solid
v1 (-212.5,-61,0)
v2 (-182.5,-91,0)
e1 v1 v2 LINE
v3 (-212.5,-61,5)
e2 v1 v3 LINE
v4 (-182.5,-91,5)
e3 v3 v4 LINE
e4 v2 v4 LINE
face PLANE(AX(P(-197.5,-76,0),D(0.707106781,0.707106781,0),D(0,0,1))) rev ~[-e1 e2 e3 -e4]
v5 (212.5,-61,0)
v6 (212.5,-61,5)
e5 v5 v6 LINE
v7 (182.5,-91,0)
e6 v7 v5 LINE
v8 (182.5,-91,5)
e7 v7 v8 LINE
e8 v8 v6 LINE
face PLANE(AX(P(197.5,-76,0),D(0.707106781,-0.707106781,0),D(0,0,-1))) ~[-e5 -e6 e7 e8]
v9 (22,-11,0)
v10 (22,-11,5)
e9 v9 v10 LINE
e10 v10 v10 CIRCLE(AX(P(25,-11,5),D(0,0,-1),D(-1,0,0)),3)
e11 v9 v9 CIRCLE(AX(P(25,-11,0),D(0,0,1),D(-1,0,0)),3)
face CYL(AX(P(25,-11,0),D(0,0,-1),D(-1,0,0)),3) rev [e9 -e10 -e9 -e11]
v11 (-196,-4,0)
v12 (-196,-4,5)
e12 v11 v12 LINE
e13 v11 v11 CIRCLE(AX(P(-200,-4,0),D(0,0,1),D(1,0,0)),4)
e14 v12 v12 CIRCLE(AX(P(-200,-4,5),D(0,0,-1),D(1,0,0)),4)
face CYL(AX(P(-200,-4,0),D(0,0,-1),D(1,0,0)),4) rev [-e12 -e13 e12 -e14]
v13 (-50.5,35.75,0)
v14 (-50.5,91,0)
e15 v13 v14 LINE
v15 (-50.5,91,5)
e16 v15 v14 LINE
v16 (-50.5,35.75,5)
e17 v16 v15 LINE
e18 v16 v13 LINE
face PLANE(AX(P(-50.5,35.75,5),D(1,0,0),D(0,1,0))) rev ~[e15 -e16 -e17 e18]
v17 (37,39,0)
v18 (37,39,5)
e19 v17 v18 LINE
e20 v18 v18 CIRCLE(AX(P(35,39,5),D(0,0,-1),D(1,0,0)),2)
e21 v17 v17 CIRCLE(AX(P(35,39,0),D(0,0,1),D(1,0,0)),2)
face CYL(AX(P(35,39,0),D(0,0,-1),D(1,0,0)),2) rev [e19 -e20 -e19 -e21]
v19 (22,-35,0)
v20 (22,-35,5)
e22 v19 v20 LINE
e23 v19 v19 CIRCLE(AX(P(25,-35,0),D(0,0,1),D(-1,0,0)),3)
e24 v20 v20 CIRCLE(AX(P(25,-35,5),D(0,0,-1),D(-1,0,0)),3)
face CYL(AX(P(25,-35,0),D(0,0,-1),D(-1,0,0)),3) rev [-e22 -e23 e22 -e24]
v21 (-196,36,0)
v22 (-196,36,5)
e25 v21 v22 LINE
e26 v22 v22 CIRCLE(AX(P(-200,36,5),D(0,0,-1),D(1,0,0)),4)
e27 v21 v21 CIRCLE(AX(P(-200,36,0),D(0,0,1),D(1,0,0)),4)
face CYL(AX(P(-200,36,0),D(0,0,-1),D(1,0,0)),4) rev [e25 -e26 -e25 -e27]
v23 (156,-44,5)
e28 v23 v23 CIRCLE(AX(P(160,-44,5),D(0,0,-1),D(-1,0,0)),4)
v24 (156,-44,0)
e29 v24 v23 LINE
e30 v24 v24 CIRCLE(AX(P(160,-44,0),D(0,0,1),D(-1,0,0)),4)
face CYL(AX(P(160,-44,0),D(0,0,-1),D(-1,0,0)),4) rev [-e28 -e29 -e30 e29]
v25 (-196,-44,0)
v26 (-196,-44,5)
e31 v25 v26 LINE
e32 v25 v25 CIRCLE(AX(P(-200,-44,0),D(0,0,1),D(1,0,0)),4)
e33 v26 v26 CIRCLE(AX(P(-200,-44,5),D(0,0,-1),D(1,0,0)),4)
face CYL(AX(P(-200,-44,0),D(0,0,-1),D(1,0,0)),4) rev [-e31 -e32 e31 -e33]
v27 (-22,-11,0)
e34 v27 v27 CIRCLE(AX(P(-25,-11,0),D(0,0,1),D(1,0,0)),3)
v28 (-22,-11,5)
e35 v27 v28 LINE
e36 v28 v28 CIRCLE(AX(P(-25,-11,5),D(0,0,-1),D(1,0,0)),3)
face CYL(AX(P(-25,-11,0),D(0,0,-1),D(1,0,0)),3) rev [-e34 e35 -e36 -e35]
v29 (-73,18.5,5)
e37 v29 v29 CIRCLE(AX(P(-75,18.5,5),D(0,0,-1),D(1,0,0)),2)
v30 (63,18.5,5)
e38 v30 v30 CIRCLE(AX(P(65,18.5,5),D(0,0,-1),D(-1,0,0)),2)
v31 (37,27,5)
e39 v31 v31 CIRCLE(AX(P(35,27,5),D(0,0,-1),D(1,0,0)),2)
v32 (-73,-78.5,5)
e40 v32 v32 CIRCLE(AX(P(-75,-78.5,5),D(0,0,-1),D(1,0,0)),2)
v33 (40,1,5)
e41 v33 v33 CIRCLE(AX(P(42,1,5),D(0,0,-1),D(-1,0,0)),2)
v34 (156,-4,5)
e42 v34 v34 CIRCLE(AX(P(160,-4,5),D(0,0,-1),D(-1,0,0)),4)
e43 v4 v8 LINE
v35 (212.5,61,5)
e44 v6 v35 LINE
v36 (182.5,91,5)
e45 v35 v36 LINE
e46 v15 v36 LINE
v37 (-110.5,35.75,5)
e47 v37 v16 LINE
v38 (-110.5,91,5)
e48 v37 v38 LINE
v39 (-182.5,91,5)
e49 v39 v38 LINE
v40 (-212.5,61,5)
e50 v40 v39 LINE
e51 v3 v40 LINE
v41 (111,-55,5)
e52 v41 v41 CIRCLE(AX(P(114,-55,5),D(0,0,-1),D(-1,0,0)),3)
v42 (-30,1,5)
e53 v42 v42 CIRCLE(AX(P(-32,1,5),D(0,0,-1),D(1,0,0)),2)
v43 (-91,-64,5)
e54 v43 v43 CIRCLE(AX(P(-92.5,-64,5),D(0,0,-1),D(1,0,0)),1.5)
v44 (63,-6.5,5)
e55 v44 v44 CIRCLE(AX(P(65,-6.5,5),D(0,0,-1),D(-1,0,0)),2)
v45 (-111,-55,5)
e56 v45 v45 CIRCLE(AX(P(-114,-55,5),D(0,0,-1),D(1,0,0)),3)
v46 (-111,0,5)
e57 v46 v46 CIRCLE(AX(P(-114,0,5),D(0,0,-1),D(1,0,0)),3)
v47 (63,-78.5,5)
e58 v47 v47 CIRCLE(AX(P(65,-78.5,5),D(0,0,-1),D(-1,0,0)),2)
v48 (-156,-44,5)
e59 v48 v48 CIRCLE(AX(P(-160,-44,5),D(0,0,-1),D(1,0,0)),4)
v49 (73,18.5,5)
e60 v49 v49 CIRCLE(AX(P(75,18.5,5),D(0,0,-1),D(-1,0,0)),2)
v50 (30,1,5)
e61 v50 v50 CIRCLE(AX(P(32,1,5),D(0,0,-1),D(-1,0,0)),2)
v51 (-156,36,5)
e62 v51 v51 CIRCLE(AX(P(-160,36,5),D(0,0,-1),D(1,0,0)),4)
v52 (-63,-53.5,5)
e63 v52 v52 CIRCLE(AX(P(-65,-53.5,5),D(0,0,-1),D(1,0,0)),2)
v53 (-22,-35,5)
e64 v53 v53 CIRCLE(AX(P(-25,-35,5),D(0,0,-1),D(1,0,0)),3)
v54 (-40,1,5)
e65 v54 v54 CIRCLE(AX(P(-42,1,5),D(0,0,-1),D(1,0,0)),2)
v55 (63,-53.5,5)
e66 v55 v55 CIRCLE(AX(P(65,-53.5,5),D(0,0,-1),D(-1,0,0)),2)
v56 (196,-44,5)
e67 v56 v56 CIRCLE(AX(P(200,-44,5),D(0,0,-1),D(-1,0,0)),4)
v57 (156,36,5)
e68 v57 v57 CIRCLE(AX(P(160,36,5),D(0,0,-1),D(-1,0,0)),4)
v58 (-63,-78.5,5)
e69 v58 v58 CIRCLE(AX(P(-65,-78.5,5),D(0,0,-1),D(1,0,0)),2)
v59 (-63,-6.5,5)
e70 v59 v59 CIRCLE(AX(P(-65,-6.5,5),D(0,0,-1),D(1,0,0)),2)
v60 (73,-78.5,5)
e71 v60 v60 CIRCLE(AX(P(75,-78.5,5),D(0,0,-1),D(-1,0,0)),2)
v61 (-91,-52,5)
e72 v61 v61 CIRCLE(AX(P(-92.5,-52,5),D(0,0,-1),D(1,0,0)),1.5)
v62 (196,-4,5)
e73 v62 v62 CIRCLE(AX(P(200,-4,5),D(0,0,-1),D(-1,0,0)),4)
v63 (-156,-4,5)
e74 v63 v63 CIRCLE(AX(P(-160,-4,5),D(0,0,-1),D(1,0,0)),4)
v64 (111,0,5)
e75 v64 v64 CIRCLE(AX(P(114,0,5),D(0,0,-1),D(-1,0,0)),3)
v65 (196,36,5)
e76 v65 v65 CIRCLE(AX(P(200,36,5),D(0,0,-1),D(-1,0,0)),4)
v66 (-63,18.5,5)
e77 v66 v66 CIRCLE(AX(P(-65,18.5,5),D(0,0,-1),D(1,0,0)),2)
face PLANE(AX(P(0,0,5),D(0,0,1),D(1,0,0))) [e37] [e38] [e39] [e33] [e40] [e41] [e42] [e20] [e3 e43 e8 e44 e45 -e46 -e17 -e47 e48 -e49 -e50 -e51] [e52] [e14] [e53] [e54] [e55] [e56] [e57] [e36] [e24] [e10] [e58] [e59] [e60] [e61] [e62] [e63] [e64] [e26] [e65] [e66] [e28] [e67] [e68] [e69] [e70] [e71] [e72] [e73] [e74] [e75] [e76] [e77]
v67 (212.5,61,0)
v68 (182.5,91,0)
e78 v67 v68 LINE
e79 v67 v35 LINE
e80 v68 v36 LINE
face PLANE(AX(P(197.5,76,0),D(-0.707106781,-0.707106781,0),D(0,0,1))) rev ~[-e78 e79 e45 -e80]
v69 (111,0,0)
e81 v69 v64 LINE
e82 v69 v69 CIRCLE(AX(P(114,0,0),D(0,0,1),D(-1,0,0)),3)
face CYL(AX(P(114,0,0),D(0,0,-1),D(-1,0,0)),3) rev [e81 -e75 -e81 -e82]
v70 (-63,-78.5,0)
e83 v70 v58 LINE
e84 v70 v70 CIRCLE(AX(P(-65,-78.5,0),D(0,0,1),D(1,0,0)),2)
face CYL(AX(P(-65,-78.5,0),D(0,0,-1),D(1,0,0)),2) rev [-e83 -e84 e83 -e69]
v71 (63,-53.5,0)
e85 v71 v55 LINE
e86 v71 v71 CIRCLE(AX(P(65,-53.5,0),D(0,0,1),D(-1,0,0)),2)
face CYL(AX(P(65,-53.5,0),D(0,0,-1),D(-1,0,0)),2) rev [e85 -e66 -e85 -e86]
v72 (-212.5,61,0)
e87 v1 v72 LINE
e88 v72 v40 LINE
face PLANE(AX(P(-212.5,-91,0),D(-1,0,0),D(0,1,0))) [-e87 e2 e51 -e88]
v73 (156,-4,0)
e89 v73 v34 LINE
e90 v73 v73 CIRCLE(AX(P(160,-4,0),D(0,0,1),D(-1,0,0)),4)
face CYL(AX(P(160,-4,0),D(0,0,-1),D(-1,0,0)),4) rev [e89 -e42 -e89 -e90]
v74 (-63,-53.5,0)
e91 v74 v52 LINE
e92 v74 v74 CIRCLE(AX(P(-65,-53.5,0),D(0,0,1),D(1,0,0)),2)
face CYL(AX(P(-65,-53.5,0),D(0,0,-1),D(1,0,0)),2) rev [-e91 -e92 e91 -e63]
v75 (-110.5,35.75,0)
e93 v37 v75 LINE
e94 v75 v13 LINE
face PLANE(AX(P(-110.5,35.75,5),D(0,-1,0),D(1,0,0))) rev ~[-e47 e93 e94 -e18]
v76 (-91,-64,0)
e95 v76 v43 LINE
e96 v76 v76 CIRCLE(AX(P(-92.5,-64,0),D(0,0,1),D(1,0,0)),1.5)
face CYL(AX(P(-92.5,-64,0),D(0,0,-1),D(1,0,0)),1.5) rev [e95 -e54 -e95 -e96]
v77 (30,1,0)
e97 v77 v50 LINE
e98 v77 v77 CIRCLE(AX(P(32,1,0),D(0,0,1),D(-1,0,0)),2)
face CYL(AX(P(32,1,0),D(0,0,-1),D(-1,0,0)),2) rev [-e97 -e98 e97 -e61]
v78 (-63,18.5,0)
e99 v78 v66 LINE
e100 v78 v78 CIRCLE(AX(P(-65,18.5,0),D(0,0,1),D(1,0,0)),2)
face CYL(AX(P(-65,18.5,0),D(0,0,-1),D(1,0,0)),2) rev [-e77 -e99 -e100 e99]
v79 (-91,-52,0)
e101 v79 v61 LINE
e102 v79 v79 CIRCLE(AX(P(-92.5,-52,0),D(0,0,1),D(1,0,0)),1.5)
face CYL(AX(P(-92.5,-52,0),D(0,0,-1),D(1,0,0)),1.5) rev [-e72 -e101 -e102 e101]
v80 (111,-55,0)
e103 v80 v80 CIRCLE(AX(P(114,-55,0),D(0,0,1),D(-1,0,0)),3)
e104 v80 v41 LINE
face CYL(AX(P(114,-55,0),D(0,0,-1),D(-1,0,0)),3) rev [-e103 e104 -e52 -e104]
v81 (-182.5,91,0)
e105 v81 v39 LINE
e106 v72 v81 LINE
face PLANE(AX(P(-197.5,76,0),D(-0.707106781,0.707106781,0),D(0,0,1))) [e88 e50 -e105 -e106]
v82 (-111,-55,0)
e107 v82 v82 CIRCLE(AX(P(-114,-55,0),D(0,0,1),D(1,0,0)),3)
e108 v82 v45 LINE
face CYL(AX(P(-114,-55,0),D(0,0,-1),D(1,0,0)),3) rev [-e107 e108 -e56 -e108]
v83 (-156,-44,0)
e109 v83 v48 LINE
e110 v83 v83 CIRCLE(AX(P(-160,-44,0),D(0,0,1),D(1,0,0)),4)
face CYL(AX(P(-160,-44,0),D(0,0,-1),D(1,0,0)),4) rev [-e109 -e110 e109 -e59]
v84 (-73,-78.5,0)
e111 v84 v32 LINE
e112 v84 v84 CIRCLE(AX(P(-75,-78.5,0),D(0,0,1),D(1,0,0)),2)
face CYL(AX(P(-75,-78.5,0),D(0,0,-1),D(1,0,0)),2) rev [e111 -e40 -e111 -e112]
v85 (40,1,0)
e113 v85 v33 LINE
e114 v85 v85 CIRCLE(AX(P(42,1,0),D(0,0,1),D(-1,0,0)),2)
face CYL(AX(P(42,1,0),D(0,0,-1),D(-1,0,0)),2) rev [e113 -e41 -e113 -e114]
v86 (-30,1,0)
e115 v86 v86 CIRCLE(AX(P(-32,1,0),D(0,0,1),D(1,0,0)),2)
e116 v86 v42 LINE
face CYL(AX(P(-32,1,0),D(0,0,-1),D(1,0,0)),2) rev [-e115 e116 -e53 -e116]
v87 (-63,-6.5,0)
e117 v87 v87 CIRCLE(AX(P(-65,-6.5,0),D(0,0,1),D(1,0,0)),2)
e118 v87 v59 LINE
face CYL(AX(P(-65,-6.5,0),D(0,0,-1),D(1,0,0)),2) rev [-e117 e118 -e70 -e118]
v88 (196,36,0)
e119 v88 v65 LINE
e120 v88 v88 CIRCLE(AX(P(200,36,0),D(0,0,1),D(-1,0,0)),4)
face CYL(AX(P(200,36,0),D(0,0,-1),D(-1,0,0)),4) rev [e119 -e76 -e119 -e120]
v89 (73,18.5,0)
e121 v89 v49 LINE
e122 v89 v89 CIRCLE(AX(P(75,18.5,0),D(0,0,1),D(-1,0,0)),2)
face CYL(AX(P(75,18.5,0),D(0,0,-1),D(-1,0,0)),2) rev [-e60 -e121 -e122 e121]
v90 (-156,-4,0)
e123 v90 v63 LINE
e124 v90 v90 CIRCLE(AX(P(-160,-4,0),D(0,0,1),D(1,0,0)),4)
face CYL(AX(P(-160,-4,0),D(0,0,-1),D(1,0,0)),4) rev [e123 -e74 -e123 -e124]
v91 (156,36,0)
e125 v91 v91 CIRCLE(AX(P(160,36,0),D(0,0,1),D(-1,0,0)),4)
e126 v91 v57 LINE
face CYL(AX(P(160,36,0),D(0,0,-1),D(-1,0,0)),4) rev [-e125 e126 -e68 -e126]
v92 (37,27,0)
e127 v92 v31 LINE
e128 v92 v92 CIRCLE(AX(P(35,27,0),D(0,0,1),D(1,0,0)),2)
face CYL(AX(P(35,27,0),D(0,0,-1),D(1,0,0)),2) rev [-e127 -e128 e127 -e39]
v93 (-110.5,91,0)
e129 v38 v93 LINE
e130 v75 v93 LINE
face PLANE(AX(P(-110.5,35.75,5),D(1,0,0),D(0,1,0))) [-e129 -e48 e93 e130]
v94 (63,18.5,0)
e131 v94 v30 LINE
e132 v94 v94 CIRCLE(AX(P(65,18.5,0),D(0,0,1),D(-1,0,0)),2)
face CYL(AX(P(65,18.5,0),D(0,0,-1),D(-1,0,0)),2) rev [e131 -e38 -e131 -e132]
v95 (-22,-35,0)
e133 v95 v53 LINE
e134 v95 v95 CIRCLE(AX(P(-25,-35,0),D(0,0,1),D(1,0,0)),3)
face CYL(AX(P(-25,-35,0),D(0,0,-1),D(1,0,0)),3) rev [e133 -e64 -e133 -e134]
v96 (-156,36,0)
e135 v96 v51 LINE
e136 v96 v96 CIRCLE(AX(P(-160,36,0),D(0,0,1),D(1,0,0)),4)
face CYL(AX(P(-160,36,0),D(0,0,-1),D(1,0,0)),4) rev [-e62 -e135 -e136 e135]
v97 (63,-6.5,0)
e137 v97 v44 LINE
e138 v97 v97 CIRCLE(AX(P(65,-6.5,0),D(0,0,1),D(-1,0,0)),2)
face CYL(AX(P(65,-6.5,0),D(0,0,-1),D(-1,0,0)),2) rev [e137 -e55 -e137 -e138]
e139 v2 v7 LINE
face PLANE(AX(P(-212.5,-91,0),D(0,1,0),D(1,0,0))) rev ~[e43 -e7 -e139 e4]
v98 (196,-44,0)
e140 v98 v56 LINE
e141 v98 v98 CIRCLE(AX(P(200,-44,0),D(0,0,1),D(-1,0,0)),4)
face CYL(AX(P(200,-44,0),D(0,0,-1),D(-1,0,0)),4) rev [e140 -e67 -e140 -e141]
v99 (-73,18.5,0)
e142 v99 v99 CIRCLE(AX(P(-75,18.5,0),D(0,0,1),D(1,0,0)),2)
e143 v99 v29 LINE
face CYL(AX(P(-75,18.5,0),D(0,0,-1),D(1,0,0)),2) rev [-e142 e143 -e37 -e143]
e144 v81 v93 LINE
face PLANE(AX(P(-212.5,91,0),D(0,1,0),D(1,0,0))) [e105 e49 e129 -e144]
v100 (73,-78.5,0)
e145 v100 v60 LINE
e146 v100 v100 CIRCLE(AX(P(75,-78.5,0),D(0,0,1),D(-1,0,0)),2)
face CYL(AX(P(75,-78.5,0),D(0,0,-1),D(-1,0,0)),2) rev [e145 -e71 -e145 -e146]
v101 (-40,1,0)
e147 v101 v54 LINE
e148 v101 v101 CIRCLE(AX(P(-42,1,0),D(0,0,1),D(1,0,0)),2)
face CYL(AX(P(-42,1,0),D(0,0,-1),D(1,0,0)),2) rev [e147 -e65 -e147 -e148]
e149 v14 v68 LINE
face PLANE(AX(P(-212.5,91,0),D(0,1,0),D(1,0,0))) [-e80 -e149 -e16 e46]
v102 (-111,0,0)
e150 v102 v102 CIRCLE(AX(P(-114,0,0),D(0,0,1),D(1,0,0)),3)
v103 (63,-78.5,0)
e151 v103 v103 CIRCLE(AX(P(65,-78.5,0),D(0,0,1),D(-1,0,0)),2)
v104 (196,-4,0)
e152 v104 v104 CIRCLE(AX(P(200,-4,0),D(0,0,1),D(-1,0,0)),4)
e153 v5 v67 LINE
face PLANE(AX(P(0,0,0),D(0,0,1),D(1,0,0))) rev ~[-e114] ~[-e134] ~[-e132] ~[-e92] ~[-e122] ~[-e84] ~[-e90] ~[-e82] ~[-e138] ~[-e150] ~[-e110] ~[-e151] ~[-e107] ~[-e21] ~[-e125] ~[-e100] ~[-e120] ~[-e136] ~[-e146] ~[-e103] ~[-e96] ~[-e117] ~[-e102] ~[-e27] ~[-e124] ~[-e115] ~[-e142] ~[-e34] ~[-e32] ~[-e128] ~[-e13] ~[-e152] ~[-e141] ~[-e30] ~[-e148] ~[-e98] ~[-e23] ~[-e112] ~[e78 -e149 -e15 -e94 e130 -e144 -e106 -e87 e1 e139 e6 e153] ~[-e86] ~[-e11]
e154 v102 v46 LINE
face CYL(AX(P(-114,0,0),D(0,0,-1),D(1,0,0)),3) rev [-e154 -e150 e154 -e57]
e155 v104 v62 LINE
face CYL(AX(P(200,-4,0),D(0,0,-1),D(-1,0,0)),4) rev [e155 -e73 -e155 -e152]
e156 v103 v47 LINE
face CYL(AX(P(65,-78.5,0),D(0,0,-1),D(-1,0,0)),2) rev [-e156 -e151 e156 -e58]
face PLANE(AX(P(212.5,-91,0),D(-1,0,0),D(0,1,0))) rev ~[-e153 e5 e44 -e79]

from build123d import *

# Parameters (mm, degrees)
SKETCH_1_W          = 425
SKETCH_1_H          = 182
EXTRUDE_1_DEPTH     = 5
SKETCH_2_R          = 3
SKETCH_2_R_2        = 4
SKETCH_2_R_3        = 2
SKETCH_2_R_4        = 1.5
CUT_EXTRUDE_2_DEPTH = 232.219051983
SKETCH_3_W          = 60
SKETCH_3_H          = 55.25
CUT_EXTRUDE_3_DEPTH = 10
CHAMFER_1_SIZE      = 30


with BuildPart() as part:
    # 草图1 → 凸台-拉伸1 (new body)
    with BuildSketch(Plane.XY):
        Rectangle(SKETCH_1_W, SKETCH_1_H)
    extrude(amount=EXTRUDE_1_DEPTH)

    # 草图2 → 切除-拉伸2 (cut, through all)
    with BuildSketch(Plane.XY):
        with Locations((-25, -11)):
            Circle(SKETCH_2_R)
        with Locations((-25, -35)):
            Circle(SKETCH_2_R)
        with Locations(Location((25, -35, 0), (0, 0, 180))):
            Circle(SKETCH_2_R)
        with Locations(Location((25, -11, 0), (0, 0, 180))):
            Circle(SKETCH_2_R)
        with Locations((-200, 36)):
            Circle(SKETCH_2_R_2)
        with Locations((-160, 36)):
            Circle(SKETCH_2_R_2)
        with Locations((-200, -4)):
            Circle(SKETCH_2_R_2)
        with Locations((-160, -4)):
            Circle(SKETCH_2_R_2)
        with Locations(Location((160, -4, 0), (0, 0, 180))):
            Circle(SKETCH_2_R_2)
        with Locations(Location((200, -4, 0), (0, 0, 180))):
            Circle(SKETCH_2_R_2)
        with Locations(Location((160, 36, 0), (0, 0, 180))):
            Circle(SKETCH_2_R_2)
        with Locations(Location((200, 36, 0), (0, 0, 180))):
            Circle(SKETCH_2_R_2)
        with Locations((-200, -44)):
            Circle(SKETCH_2_R_2)
        with Locations((-160, -44)):
            Circle(SKETCH_2_R_2)
        with Locations(Location((160, -44, 0), (0, 0, 180))):
            Circle(SKETCH_2_R_2)
        with Locations(Location((200, -44, 0), (0, 0, 180))):
            Circle(SKETCH_2_R_2)
        with Locations((-32, 1)):
            Circle(SKETCH_2_R_3)
        with Locations((-42, 1)):
            Circle(SKETCH_2_R_3)
        with Locations(Location((32, 1, 0), (0, 0, 180))):
            Circle(SKETCH_2_R_3)
        with Locations(Location((42, 1, 0), (0, 0, 180))):
            Circle(SKETCH_2_R_3)
        with Locations((35, 39)):
            Circle(SKETCH_2_R_3)
        with Locations((35, 27)):
            Circle(SKETCH_2_R_3)
        with Locations((-75, -78.5)):
            Circle(SKETCH_2_R_3)
        with Locations((-65, -78.5)):
            Circle(SKETCH_2_R_3)
        with Locations((-65, -53.5)):
            Circle(SKETCH_2_R_3)
        with Locations((-65, -6.5)):
            Circle(SKETCH_2_R_3)
        with Locations((-65, 18.5)):
            Circle(SKETCH_2_R_3)
        with Locations((-75, 18.5)):
            Circle(SKETCH_2_R_3)
        with Locations(Location((75, -78.5, 0), (0, 0, 180))):
            Circle(SKETCH_2_R_3)
        with Locations(Location((65, -78.5, 0), (0, 0, 180))):
            Circle(SKETCH_2_R_3)
        with Locations(Location((65, -53.5, 0), (0, 0, 180))):
            Circle(SKETCH_2_R_3)
        with Locations(Location((65, -6.5, 0), (0, 0, 180))):
            Circle(SKETCH_2_R_3)
        with Locations(Location((65, 18.5, 0), (0, 0, 180))):
            Circle(SKETCH_2_R_3)
        with Locations(Location((75, 18.5, 0), (0, 0, 180))):
            Circle(SKETCH_2_R_3)
        with Locations((-114, -55)):
            Circle(SKETCH_2_R)
        with Locations((-114, 0)):
            Circle(SKETCH_2_R)
        with Locations(Location((114, 0, 0), (0, 0, 180))):
            Circle(SKETCH_2_R)
        with Locations(Location((114, -55, 0), (0, 0, 180))):
            Circle(SKETCH_2_R)
        with Locations((-92.5, -52)):
            Circle(SKETCH_2_R_4)
        with Locations((-92.5, -64)):
            Circle(SKETCH_2_R_4)
    extrude(amount=CUT_EXTRUDE_2_DEPTH, mode=Mode.SUBTRACT)

    # 草图3 → 切除-拉伸3 (cut)
    with BuildSketch(Plane.XY.offset(5)):
        with Locations((-80.5, 63.375)):
            Rectangle(SKETCH_3_W, SKETCH_3_H)
    extrude(amount=-CUT_EXTRUDE_3_DEPTH, mode=Mode.SUBTRACT)

    # 倒角1
    chamfer_1_edges = [part.edges().sort_by_distance(p)[0] for p in [
        (-212.5, 91, 2.5),
        (212.5, 91, 2.5),
        (212.5, -91, 2.5),
        (-212.5, -91, 2.5),
    ]]
    chamfer(chamfer_1_edges, length=CHAMFER_1_SIZE)


solid = part.part
